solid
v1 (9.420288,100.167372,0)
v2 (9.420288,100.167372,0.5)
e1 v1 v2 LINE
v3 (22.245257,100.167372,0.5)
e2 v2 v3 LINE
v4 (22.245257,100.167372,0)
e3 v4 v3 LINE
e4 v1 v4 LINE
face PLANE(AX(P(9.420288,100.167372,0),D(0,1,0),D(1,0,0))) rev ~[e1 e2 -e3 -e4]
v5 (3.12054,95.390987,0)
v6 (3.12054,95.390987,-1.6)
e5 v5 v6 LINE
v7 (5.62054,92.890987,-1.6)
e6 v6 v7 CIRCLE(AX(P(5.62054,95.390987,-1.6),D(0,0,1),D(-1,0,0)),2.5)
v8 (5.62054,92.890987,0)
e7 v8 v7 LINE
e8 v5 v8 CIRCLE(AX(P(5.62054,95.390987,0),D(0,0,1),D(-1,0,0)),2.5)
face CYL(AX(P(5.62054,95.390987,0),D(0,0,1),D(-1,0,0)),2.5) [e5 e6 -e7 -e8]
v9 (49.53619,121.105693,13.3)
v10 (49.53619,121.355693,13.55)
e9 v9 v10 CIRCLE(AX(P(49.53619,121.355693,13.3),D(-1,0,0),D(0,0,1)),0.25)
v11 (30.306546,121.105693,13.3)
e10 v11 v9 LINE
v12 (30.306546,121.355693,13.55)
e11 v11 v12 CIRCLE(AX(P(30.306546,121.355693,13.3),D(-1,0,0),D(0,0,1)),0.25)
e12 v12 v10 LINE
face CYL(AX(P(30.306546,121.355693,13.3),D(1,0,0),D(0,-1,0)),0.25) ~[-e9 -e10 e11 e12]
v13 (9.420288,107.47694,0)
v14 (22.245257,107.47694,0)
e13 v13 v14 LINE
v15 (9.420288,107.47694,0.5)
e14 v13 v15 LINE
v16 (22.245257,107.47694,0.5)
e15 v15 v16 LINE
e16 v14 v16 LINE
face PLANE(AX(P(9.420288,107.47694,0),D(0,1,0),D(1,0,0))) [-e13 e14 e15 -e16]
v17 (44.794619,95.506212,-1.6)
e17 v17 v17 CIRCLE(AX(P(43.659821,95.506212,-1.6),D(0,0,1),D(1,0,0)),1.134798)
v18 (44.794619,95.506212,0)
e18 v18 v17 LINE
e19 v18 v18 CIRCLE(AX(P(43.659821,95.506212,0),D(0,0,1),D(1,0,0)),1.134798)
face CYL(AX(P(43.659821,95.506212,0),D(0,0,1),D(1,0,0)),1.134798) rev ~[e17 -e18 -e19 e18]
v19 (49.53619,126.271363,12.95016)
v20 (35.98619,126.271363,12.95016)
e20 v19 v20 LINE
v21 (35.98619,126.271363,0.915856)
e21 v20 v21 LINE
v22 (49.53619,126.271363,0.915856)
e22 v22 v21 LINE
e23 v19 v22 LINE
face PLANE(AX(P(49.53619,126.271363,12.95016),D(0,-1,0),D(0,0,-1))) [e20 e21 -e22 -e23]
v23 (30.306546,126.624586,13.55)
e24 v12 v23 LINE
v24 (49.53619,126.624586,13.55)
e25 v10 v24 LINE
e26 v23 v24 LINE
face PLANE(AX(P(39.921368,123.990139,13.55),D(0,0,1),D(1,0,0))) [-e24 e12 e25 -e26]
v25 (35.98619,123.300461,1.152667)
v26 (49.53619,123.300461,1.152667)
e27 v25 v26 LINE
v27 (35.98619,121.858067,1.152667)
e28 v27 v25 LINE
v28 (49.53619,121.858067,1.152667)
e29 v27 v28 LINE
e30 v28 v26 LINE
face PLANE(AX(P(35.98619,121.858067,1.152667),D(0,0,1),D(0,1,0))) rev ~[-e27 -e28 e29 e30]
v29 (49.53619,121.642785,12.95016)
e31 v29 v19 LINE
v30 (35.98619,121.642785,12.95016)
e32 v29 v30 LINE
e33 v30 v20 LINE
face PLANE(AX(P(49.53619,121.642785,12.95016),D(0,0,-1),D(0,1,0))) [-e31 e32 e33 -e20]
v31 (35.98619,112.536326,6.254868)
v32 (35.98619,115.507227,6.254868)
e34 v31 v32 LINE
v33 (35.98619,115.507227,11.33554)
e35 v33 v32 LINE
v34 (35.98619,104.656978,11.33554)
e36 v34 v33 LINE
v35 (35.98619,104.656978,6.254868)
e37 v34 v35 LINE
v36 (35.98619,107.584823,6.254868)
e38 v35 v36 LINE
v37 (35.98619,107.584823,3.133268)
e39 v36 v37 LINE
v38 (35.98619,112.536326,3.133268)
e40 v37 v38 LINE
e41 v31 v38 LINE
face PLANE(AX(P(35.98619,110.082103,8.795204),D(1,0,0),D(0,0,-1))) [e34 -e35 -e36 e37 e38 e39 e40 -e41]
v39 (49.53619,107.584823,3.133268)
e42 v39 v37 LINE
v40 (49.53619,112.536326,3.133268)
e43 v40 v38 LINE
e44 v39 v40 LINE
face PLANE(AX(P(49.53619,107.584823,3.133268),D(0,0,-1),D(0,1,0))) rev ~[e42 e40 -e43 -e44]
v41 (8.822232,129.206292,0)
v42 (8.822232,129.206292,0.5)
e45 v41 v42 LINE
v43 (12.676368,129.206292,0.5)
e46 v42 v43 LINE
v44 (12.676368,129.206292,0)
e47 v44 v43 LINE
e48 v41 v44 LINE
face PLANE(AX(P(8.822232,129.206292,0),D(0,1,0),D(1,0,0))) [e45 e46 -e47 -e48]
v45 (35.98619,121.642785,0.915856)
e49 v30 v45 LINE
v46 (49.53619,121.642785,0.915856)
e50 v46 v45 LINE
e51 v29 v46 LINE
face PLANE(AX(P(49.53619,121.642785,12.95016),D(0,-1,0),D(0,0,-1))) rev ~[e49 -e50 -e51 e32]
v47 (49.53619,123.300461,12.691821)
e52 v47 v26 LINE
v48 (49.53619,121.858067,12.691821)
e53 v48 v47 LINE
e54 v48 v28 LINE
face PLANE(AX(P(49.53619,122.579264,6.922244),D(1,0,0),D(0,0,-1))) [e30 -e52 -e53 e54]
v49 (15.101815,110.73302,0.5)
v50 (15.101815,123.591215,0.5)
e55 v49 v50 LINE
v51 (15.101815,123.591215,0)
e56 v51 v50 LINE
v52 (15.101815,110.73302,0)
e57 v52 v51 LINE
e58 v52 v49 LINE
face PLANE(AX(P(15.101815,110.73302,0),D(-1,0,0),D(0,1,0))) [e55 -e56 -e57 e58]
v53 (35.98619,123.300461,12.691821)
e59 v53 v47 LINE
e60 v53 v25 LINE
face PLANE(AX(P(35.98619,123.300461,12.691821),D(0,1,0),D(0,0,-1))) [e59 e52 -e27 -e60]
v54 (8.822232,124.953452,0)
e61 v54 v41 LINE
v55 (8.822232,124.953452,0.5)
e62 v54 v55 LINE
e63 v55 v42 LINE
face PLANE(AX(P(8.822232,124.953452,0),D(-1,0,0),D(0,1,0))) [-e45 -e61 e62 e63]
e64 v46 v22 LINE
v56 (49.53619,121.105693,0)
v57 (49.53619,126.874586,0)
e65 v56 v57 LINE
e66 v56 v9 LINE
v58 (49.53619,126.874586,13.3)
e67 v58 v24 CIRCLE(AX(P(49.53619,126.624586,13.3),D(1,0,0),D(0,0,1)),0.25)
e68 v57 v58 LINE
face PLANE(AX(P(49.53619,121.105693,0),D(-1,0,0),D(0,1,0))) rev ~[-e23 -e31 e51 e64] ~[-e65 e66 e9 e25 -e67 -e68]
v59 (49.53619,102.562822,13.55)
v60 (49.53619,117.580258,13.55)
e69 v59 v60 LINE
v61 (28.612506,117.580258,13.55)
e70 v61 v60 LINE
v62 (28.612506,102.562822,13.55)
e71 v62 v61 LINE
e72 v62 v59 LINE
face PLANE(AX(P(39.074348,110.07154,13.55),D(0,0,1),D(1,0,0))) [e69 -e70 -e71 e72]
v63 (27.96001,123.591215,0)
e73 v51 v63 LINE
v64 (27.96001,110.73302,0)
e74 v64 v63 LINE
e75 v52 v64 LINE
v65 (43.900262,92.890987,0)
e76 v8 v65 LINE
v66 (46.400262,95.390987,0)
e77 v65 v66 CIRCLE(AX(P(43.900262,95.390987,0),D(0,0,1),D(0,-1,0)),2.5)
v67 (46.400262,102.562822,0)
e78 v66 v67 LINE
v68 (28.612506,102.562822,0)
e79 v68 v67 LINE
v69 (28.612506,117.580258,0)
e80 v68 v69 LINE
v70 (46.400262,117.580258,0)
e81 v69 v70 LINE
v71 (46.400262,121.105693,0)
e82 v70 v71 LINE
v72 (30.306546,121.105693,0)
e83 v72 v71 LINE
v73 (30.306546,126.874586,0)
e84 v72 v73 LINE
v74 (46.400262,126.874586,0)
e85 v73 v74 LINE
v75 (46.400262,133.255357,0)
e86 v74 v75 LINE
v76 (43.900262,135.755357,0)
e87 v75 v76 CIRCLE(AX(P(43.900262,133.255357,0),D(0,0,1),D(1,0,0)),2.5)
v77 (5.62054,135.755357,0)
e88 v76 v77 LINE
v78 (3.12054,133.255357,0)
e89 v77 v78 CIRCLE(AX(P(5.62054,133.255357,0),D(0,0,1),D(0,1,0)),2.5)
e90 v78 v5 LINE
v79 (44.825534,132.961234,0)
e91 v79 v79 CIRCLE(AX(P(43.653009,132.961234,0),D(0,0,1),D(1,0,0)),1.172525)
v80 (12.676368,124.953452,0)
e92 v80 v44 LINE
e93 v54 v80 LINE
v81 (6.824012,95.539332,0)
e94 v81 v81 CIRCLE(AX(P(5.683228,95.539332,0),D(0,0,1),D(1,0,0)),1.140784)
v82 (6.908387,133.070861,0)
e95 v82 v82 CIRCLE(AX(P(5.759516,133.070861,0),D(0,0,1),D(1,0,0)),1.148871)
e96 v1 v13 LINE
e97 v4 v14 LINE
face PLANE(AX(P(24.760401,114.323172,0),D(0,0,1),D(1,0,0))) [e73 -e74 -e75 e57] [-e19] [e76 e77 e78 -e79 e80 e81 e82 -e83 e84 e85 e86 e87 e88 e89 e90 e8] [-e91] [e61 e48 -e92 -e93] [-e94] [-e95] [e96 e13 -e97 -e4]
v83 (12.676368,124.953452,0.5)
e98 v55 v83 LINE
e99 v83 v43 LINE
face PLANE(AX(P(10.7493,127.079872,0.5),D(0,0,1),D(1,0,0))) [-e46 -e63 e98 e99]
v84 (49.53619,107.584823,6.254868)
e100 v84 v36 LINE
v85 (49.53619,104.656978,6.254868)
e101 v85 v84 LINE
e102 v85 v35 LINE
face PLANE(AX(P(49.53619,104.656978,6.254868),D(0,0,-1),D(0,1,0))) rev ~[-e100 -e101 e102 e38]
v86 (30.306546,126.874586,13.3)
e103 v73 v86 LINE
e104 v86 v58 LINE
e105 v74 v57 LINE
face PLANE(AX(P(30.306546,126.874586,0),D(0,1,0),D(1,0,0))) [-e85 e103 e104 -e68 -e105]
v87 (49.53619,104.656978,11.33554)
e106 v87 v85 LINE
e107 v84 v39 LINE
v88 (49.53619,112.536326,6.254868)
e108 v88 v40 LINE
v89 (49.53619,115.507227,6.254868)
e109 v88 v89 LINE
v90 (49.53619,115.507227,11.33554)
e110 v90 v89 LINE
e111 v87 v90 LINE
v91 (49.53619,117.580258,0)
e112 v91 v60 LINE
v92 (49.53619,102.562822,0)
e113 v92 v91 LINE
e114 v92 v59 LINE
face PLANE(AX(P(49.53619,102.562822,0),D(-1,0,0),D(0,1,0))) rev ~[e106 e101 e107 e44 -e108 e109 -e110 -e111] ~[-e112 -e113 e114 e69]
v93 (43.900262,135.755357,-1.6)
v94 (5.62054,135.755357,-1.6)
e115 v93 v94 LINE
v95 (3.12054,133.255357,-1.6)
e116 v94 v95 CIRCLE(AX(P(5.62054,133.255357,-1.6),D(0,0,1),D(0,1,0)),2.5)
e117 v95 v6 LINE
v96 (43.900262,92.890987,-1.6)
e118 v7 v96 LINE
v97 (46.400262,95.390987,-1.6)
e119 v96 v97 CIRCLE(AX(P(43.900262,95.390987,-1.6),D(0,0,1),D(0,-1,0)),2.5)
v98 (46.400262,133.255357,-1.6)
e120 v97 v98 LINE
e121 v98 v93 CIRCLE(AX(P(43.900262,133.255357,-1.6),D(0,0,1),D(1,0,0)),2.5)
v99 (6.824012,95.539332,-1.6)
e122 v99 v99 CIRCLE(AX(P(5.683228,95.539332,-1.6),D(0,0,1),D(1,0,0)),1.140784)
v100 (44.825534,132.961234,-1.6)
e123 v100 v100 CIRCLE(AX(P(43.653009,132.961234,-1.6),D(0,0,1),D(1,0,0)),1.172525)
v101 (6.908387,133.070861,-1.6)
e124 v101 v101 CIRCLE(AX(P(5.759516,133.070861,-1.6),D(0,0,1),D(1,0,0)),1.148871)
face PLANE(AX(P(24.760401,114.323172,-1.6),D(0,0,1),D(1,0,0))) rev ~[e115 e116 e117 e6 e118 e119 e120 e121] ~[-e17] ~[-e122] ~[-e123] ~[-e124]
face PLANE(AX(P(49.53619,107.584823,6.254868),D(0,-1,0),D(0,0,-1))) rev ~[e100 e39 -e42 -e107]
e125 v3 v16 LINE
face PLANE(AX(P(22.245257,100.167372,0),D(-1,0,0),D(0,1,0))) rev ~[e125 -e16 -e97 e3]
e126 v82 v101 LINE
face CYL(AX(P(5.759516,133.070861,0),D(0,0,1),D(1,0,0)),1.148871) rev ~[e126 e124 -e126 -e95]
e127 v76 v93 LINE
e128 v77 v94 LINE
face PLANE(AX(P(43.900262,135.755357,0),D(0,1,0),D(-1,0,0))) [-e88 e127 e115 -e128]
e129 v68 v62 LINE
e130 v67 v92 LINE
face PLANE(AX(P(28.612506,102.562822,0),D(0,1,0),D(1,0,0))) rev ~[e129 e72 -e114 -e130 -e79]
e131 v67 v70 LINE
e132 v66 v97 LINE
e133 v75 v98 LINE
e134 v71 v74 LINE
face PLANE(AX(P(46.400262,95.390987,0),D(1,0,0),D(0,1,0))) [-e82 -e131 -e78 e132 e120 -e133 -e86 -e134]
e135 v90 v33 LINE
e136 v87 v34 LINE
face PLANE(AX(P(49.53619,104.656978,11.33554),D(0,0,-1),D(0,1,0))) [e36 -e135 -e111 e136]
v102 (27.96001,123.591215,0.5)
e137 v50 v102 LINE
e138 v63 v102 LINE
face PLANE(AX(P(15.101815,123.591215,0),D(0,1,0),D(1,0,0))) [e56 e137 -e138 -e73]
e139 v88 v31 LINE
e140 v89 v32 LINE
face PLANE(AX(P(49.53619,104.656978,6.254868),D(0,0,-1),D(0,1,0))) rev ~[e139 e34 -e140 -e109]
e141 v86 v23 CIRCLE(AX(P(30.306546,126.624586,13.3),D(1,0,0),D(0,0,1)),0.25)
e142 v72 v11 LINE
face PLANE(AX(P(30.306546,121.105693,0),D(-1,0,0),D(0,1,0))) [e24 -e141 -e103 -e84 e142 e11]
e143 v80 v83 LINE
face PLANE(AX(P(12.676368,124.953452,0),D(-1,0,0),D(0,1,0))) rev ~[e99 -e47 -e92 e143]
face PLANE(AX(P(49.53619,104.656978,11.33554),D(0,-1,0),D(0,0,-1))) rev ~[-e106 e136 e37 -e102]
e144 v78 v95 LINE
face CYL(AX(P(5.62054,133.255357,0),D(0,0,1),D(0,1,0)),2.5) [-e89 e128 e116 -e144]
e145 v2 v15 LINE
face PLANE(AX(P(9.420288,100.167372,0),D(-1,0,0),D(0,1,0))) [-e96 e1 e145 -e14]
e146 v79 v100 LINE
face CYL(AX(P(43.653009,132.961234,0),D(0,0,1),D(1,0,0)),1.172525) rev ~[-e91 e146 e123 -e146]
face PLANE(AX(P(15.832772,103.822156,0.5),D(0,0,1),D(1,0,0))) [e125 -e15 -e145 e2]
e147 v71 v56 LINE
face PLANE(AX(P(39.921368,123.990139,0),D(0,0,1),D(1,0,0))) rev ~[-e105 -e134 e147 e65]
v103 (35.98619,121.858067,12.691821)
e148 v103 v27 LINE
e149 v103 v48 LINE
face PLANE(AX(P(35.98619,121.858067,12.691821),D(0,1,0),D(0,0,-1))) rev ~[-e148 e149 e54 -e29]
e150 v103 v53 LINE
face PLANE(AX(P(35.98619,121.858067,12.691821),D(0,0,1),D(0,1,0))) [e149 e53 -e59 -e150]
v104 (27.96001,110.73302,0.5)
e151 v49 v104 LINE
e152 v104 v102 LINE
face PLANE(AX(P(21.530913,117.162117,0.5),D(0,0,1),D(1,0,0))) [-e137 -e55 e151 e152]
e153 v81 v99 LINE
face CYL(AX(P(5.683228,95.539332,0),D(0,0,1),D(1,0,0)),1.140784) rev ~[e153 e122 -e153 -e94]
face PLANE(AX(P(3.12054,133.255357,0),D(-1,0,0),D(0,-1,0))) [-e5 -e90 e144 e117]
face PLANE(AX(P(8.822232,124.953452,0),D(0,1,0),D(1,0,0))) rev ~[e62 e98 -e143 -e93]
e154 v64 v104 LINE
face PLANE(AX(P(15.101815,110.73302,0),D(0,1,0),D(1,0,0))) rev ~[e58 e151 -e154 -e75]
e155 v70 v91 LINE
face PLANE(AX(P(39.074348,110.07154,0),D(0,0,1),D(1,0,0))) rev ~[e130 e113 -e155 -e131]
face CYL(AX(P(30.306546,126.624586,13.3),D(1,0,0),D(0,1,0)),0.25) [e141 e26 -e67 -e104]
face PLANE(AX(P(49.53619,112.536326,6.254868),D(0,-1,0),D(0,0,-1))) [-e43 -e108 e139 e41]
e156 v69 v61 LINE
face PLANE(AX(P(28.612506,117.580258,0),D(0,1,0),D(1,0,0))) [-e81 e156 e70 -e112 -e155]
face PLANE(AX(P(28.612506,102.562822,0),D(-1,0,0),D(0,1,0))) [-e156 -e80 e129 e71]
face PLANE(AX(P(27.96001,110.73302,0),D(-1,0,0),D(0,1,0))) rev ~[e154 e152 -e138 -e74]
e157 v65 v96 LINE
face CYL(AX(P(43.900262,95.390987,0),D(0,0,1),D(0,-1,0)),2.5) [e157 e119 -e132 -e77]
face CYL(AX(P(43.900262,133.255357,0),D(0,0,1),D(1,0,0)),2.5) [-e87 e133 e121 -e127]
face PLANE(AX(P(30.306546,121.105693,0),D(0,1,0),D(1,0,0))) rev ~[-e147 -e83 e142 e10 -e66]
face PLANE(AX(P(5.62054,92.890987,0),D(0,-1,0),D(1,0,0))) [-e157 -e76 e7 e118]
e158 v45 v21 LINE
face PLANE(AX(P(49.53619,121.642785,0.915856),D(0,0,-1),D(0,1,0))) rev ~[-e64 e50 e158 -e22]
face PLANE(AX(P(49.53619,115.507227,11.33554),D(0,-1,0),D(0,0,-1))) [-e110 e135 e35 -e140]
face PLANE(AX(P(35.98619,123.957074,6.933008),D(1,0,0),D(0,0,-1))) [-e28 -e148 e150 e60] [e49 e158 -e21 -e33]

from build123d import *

# Parameters (mm, degrees)
BOSS_EXTRU_1_DEPTH      = 1.6
ESQUISSE3_R             = 1.148870596
ESQUISSE3_R_2           = 1.140783705
ESQUISSE3_R_3           = 1.172524647
ESQUISSE3_R_4           = 1.134797555
ENL_V_MAT_EXTRU_1_DEPTH = 1.6
COMPOSANTS_W            = 12.858194584
COMPOSANTS_H            = 12.858194584
COMPOSANTS_W_2          = 12.824969275
COMPOSANTS_H_2          = 7.30956798
COMPOSANTS_W_3          = 3.854135844
COMPOSANTS_H_3          = 4.252839552
BOSS_EXTRU_2_DEPTH      = 0.5
USB_W                   = 19.229644045
USB_H                   = 5.768893213
USB_W_2                 = 20.923684115
USB_H_2                 = 15.017436302
BOSS_EXTRU_3_DEPTH      = 13.55
ESQUISSE6_W             = 5.080672097
ESQUISSE6_H             = 10.850248885
ENL_V_MAT_EXTRU_2_DEPTH = 13.55
ESQUISSE7_W             = 3.121599382
ESQUISSE7_H             = 4.951502468
ENL_V_MAT_EXTRU_3_DEPTH = 13.55
ESQUISSE8_W             = 12.034303823
ESQUISSE8_H             = 4.628578393
ENL_V_MAT_EXTRU_4_DEPTH = 13.55
ESQUISSE9_W             = 11.539153577
ESQUISSE9_H             = 1.442394197
BOSS_EXTRU_4_DEPTH      = 13.55
CONG_1_R                = 0.25


with BuildPart() as part:
    # plaque → Boss.-Extru.1 (new body)
    with BuildSketch(Plane.XY):
        with BuildLine():
            Line((43.900262464, 135.755357431), (5.620539516, 135.755357431))
            ThreePointArc((5.620539516, 135.755357431), (3.852772563, 135.023124384), (3.120539516, 133.255357431))
            Line((3.120539516, 133.255357431), (3.120539516, 95.39098691))
            ThreePointArc((3.120539516, 95.39098691), (3.852772563, 93.623219957), (5.620539516, 92.89098691))
            Line((5.620539516, 92.89098691), (43.900262464, 92.89098691))
            ThreePointArc((43.900262464, 92.89098691), (45.668029417, 93.623219957), (46.400262464, 95.39098691))
            Line((46.400262464, 95.39098691), (46.400262464, 133.255357431))
            ThreePointArc((46.400262464, 133.255357431), (45.668029417, 135.023124384), (43.900262464, 135.755357431))
        make_face()
    extrude(amount=-BOSS_EXTRU_1_DEPTH)

    # Esquisse3 → Enlèv. mat.-Extru.1 (cut)
    with BuildSketch(Plane.XY):
        with Locations((5.759516269, 133.070860948)):
            Circle(ESQUISSE3_R)
        with Locations((5.683227949, 95.539332189)):
            Circle(ESQUISSE3_R_2)
        with Locations((43.653009493, 132.961233721)):
            Circle(ESQUISSE3_R_3)
        with Locations((43.659821284, 95.506212136)):
            Circle(ESQUISSE3_R_4)
    extrude(amount=-ENL_V_MAT_EXTRU_1_DEPTH, mode=Mode.SUBTRACT)

    # composants → Boss.-Extru.2 (add)
    with BuildSketch(Plane.XY):
        with Locations((21.530912713, 117.16211726)):
            Rectangle(COMPOSANTS_W, COMPOSANTS_H)
        with Locations((15.832772219, 103.822155695)):
            Rectangle(COMPOSANTS_W_2, COMPOSANTS_H_2)
        with Locations((10.749299941, 127.079871998)):
            Rectangle(COMPOSANTS_W_3, COMPOSANTS_H_3)
    extrude(amount=BOSS_EXTRU_2_DEPTH)

    # usb → Boss.-Extru.3 (add)
    with BuildSketch(Plane.XY):
        with Locations((39.921367739, 123.990139203)):
            Rectangle(USB_W, USB_H)
        with Locations((39.074347704, 110.071539704)):
            Rectangle(USB_W_2, USB_H_2)
    extrude(amount=BOSS_EXTRU_3_DEPTH)

    # Esquisse6 → Enlèv. mat.-Extru.2 (cut)
    with BuildSketch(Plane(origin=(49.536189761, 0, 0), x_dir=(0, 0, -1), z_dir=(1, 0, 0))):
        with Locations((-8.79520358, 110.082102666)):
            Rectangle(ESQUISSE6_W, ESQUISSE6_H)
    extrude(amount=-ENL_V_MAT_EXTRU_2_DEPTH, mode=Mode.SUBTRACT)

    # Esquisse7 → Enlèv. mat.-Extru.3 (cut)
    with BuildSketch(Plane(origin=(49.536189761, 0, 0), x_dir=(0, 0, -1), z_dir=(1, 0, 0))):
        with Locations((-4.69406784, 110.060574394)):
            Rectangle(ESQUISSE7_W, ESQUISSE7_H)
    extrude(amount=-ENL_V_MAT_EXTRU_3_DEPTH, mode=Mode.SUBTRACT)

    # Esquisse8 → Enlèv. mat.-Extru.4 (cut)
    with BuildSketch(Plane(origin=(49.536189761, 0, 0), x_dir=(0, 0, -1), z_dir=(1, 0, 0))):
        with Locations((-6.933008087, 123.957073711)):
            Rectangle(ESQUISSE8_W, ESQUISSE8_H)
    extrude(amount=-ENL_V_MAT_EXTRU_4_DEPTH, mode=Mode.SUBTRACT)

    # Esquisse9 → Boss.-Extru.4 (add)
    with BuildSketch(Plane(origin=(35.986189761, 0, 0), x_dir=(0, 0, -1), z_dir=(1, 0, 0))):
        with Locations((-6.922243951, 122.579264329)):
            Rectangle(ESQUISSE9_W, ESQUISSE9_H)
    extrude(amount=BOSS_EXTRU_4_DEPTH)

    # Congé1
    cong_1_edges = [part.edges().sort_by_distance(p)[0] for p in [
        (39.921367738, 121.105692596, 13.55),
        (39.921367738, 126.874585809, 13.55),
    ]]
    fillet(cong_1_edges, radius=CONG_1_R)


solid = part.part
